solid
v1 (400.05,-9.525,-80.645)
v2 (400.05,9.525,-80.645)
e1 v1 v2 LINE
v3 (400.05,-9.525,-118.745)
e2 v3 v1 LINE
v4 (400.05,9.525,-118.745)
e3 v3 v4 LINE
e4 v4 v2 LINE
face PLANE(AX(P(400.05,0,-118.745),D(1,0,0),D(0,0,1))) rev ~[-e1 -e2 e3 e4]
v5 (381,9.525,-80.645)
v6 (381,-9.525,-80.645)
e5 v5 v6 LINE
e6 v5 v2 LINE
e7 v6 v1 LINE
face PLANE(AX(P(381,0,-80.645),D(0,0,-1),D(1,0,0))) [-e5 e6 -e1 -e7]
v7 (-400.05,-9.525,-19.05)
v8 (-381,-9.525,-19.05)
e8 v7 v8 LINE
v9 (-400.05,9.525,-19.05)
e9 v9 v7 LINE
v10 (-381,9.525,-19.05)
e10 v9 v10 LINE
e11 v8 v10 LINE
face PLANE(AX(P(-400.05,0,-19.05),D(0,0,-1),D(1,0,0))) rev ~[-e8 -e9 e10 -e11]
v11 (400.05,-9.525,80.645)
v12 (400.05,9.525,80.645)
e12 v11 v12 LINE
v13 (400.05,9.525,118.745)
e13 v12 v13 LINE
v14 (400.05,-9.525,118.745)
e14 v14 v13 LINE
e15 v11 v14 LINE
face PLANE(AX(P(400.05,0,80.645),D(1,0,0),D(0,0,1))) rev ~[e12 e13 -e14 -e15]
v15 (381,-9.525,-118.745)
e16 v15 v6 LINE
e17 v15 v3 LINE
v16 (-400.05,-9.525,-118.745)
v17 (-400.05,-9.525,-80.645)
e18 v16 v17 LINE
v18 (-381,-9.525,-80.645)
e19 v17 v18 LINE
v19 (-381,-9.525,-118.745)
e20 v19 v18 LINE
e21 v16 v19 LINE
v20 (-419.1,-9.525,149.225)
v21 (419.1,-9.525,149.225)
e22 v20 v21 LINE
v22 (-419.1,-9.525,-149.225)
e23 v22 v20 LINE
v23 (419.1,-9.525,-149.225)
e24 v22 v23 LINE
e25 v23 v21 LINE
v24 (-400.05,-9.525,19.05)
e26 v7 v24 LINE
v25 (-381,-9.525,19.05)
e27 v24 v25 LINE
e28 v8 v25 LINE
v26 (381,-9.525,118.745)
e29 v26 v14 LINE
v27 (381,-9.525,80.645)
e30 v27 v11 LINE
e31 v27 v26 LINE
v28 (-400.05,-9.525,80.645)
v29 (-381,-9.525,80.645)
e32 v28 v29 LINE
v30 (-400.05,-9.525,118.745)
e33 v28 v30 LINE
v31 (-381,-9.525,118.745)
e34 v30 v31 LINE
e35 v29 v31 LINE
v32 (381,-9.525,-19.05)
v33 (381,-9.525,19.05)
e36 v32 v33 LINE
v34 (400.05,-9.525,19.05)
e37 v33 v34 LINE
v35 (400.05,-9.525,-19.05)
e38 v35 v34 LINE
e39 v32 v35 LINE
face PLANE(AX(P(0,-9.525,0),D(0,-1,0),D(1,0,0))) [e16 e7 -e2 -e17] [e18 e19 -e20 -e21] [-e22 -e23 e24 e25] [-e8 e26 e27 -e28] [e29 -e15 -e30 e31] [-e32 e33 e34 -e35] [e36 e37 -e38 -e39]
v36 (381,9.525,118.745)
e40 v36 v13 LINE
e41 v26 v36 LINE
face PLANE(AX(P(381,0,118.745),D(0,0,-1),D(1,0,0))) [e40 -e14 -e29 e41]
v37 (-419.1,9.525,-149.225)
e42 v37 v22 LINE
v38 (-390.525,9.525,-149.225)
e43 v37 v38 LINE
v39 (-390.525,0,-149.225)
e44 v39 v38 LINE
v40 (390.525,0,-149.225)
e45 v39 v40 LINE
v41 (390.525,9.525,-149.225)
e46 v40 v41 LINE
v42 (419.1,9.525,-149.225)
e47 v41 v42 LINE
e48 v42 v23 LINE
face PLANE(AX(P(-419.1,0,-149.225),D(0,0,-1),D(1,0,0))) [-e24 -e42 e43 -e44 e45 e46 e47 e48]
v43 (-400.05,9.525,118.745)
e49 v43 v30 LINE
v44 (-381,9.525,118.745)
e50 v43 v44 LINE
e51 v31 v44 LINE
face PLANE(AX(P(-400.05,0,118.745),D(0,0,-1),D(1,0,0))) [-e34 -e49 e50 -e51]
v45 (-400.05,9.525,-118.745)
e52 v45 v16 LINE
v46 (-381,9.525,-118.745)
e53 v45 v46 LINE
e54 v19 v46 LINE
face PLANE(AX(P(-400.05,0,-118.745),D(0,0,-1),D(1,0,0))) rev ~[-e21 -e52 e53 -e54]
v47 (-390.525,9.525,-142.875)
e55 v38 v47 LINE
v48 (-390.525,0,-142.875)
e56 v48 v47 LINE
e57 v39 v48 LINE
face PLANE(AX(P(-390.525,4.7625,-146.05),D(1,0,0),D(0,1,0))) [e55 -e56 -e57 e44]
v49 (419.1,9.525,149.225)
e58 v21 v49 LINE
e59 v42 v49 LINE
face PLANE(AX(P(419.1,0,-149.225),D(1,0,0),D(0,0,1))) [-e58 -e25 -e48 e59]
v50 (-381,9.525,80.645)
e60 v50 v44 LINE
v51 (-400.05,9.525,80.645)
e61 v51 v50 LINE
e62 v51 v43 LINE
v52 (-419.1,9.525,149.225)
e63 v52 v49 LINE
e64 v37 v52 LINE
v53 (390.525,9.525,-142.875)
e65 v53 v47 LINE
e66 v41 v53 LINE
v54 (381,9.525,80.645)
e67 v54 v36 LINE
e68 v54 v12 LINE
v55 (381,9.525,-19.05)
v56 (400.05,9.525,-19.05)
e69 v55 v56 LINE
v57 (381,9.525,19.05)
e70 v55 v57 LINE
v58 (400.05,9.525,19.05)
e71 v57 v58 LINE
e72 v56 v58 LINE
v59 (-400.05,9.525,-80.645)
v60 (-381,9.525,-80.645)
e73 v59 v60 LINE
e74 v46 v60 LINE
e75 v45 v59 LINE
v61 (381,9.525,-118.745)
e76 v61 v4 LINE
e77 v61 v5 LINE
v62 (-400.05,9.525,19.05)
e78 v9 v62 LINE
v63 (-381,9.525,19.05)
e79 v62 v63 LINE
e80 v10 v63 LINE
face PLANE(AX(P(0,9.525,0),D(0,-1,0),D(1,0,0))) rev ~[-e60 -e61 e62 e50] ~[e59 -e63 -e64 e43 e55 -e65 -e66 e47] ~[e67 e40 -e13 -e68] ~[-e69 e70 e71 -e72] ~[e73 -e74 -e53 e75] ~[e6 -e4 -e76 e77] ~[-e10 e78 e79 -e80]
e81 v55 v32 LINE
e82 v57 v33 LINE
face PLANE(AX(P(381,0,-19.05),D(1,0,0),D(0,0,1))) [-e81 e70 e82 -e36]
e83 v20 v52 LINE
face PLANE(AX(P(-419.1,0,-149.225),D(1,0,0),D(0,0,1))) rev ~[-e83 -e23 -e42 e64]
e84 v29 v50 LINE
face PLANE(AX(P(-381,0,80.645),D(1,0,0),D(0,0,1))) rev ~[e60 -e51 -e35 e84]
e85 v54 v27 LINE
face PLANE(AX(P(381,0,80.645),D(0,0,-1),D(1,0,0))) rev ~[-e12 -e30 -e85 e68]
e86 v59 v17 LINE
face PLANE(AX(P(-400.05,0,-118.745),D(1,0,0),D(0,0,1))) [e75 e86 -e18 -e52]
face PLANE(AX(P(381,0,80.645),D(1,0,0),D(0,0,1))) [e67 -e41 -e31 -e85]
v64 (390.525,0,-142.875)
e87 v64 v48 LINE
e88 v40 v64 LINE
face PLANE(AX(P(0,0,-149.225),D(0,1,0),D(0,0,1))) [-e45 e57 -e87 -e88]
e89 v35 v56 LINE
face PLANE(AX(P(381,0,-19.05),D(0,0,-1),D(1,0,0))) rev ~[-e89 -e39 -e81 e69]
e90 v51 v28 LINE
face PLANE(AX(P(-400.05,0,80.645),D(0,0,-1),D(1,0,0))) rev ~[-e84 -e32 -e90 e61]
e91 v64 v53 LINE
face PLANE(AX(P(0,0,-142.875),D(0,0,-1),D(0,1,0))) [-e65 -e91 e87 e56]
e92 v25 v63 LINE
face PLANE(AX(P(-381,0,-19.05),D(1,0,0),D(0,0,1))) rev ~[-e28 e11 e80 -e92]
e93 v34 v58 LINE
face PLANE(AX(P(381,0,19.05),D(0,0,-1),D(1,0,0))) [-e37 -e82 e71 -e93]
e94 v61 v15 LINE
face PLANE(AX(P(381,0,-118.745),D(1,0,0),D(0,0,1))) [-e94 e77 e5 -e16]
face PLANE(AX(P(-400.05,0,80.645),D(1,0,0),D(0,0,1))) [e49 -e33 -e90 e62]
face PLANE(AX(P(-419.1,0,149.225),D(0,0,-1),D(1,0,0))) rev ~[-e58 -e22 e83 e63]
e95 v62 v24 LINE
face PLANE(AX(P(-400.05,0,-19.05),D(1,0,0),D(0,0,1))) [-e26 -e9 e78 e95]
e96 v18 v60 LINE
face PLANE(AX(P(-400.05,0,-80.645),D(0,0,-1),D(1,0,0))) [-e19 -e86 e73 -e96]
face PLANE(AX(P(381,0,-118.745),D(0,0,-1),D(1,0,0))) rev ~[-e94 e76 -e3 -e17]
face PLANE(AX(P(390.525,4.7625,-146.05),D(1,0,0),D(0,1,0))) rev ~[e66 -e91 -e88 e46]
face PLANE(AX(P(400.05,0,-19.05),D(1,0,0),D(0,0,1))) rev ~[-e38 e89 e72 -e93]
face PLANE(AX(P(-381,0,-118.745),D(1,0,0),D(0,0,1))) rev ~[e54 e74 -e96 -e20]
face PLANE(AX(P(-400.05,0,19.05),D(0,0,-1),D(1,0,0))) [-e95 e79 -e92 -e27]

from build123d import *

# Parameters (mm, degrees)
F0_W     = 838.2
F0_H     = 298.45
F0_W_2   = 19.05
F0_H_2   = 38.1
F1_DEPTH = 9.525
F2_W     = 9.525
F2_H     = 6.35
F3_DEPTH = 390.525


with BuildPart() as f1:
    # F0 (on Front) → F1 (new body, symmetric)
    with BuildSketch(Plane.XZ):
        Rectangle(F0_W, F0_H)
        with Locations((-390.525, -99.695)):
            Rectangle(F0_W_2, F0_H_2, mode=Mode.SUBTRACT)
        with Locations((390.525, -99.695)):
            Rectangle(F0_W_2, F0_H_2, mode=Mode.SUBTRACT)
        with Locations((-390.525, 0)):
            Rectangle(F0_W_2, F0_H_2, mode=Mode.SUBTRACT)
        with Locations((-390.525, 99.695)):
            Rectangle(F0_W_2, F0_H_2, mode=Mode.SUBTRACT)
        with Locations((390.525, 0)):
            Rectangle(F0_W_2, F0_H_2, mode=Mode.SUBTRACT)
        with Locations((390.525, 99.695)):
            Rectangle(F0_W_2, F0_H_2, mode=Mode.SUBTRACT)
    extrude(amount=F1_DEPTH, both=True)

    # F2 (on Right) → F3 (cut, symmetric)
    with BuildSketch(Plane.YZ):
        with Locations((4.7625, -146.05)):
            Rectangle(F2_W, F2_H)
    extrude(amount=F3_DEPTH, both=True, mode=Mode.SUBTRACT)


solid = f1.part
